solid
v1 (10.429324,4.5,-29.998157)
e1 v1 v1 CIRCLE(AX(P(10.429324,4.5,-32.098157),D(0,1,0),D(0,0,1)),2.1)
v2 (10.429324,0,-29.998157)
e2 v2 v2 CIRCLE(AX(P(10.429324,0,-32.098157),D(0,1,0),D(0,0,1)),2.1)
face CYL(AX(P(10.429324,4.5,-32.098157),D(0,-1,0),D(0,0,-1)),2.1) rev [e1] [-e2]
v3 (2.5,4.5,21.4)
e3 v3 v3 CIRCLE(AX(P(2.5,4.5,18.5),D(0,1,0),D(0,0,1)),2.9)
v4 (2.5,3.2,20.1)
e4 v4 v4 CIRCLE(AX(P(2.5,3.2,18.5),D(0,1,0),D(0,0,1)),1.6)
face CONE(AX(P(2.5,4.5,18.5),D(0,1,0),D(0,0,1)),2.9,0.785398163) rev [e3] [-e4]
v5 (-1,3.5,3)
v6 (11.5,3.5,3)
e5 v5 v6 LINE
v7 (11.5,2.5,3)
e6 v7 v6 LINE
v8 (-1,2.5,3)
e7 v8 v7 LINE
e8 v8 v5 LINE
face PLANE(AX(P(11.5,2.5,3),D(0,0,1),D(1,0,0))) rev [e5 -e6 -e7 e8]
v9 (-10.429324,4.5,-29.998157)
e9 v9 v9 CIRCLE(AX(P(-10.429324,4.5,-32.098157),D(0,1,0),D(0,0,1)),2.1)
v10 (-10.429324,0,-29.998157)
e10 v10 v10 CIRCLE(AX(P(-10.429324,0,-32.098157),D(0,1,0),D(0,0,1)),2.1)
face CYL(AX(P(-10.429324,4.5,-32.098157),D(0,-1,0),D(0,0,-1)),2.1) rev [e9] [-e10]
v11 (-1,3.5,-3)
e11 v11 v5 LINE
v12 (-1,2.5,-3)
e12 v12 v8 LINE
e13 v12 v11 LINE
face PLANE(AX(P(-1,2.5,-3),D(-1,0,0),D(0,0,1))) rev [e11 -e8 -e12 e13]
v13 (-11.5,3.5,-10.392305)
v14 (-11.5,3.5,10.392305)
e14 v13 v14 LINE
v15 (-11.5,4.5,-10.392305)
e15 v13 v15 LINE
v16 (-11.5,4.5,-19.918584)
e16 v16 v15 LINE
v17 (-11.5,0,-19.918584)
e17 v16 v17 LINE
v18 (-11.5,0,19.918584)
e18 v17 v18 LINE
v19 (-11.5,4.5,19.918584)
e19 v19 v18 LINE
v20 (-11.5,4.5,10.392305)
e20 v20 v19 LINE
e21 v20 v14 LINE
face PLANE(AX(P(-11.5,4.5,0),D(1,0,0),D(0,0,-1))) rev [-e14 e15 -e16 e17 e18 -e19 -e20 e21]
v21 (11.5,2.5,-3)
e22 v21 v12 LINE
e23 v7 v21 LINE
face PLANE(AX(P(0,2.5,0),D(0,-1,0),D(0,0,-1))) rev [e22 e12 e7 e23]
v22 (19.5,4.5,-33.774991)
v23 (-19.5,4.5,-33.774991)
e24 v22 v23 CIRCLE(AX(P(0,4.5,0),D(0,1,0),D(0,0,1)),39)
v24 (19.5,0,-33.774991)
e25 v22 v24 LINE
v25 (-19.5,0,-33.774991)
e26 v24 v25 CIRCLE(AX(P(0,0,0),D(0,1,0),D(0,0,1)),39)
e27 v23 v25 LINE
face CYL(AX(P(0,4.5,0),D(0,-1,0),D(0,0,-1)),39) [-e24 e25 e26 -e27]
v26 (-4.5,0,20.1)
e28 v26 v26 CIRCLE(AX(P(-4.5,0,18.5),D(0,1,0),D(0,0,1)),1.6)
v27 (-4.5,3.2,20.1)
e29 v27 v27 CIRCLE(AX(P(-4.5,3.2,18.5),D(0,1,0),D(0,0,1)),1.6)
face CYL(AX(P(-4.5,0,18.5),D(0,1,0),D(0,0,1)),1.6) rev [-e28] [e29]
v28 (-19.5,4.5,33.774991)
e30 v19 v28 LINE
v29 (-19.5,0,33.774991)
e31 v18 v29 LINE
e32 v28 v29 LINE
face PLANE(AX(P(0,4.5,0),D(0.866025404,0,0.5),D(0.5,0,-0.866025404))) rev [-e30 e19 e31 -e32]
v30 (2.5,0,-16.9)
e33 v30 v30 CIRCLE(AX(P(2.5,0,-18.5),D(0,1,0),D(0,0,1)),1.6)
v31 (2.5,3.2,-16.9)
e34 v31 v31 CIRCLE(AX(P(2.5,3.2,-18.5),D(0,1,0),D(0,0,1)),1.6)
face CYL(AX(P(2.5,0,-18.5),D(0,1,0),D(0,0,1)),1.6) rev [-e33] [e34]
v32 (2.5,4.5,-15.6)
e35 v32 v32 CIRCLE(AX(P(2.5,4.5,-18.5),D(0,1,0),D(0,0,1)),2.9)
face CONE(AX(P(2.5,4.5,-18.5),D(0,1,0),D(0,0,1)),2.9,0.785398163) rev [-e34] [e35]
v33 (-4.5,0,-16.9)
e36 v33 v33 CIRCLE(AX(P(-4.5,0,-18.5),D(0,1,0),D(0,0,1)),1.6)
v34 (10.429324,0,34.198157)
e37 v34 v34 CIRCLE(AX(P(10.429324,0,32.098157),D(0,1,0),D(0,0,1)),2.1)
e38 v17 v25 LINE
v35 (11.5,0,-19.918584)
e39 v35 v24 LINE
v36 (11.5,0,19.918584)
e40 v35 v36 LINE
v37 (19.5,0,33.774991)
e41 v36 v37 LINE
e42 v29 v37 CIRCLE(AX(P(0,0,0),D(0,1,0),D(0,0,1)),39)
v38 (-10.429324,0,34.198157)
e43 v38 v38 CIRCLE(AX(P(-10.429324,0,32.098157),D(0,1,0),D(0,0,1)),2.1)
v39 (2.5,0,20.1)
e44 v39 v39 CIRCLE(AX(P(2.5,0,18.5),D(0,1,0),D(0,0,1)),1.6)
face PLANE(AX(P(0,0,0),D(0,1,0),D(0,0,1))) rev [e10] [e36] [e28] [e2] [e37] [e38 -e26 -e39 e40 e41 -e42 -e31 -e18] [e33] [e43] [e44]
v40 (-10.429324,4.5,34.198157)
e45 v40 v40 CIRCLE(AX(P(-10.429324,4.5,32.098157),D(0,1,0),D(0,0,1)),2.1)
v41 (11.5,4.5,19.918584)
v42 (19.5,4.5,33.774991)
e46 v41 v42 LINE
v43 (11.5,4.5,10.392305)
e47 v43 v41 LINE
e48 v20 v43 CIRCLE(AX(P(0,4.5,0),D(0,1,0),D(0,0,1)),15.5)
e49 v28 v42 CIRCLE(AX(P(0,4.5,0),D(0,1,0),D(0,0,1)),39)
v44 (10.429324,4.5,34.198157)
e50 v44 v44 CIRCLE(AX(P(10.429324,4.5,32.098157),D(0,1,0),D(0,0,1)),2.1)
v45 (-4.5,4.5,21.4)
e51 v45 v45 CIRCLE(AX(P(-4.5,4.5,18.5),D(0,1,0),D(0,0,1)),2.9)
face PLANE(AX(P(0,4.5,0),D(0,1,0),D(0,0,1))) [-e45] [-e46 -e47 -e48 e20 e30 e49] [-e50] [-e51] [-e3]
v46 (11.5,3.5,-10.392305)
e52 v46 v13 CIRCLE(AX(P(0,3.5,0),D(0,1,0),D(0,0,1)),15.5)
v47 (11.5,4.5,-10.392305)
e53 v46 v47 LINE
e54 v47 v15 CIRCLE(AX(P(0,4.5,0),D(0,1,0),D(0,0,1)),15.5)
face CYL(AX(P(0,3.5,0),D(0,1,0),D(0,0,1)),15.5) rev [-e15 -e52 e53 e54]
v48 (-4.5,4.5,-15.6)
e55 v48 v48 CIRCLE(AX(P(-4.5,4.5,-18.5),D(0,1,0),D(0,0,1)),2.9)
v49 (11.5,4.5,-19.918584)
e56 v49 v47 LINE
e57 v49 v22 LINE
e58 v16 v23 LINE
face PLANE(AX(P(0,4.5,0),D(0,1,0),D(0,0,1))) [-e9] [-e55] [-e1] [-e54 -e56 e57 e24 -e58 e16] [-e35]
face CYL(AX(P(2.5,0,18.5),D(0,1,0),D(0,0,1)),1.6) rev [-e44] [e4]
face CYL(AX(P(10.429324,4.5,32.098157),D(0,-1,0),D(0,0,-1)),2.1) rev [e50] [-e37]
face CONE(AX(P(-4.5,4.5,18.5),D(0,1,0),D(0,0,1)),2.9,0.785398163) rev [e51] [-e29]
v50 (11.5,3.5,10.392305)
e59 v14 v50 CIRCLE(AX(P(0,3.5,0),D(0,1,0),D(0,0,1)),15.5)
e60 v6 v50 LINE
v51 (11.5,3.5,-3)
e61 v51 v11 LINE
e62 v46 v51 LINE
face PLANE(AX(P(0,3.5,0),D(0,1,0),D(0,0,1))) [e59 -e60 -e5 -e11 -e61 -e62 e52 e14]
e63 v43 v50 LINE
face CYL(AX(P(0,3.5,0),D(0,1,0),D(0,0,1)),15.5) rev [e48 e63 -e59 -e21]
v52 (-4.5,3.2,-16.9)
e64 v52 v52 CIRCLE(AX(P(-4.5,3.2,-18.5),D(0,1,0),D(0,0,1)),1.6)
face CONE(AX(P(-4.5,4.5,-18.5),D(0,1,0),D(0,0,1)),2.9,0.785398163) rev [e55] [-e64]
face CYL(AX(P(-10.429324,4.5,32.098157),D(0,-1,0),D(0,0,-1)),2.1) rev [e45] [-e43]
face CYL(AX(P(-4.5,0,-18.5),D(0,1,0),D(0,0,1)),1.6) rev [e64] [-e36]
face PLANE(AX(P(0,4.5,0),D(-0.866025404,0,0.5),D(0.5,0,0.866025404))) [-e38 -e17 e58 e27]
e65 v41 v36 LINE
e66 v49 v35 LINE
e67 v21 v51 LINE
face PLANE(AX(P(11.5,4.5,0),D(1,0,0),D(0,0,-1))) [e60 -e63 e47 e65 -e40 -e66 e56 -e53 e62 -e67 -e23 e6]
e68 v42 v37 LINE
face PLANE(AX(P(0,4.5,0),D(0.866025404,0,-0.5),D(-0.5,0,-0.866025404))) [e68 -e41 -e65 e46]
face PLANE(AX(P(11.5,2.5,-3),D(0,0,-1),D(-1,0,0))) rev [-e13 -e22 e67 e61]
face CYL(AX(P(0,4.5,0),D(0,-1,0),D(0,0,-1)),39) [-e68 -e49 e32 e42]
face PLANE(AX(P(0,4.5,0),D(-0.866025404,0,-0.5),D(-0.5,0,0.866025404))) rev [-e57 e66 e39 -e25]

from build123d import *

# Parameters (mm, degrees)
SKETCH1_R                                           = 2.1
BOSS_EXTRUDE1_DEPTH                                 = 4.5
SKETCH2_R                                           = 15.5
CUT_EXTRUDE1_DEPTH                                  = 1
SKETCH3_W                                           = 12.5
SKETCH3_H                                           = 6
CUT_EXTRUDE2_DEPTH                                  = 1
SKETCH4_R                                           = 1.6
CUT_EXTRUDE3_DEPTH                                  = 5.5
CSK_FOR_M4_COUNTERSUNK_FLAT_HEAD_SCREW1_D           = 3.2
CSK_FOR_M4_COUNTERSUNK_FLAT_HEAD_SCREW1_CSINK_D     = 5.8
CSK_FOR_M4_COUNTERSUNK_FLAT_HEAD_SCREW1_CSINK_ANGLE = 90


with BuildPart() as part:
    # Sketch1 → Boss-Extrude1 (new body)
    with BuildSketch(Plane(origin=(0, 0, 0), x_dir=(1, 0, 0), z_dir=(0, 1, 0))):
        with BuildLine():
            Line((11.5, -19.918584287), (0, 0))
            Line((0, 0), (-11.5, -19.918584287))
            Line((-11.5, -19.918584287), (-19.5, -33.774990748))
            ThreePointArc((-19.5, -33.774990748), (0, -39), (19.5, -33.774990748))
            Line((19.5, -33.774990748), (11.5, -19.918584287))
        make_face()
        with Locations((-10.42932356, -32.098157425)):
            Circle(SKETCH1_R, mode=Mode.SUBTRACT)
        with Locations((10.42932356, -32.098157425)):
            Circle(SKETCH1_R, mode=Mode.SUBTRACT)
        Polygon((11.5, 19.918584287), (0, 0), (11.5, -19.918584287), align=None)
        with BuildLine():
            Line((-11.5, 19.918584287), (0, 0))
            Line((0, 0), (11.5, 19.918584287))
            Line((11.5, 19.918584287), (19.5, 33.774990748))
            ThreePointArc((19.5, 33.774990748), (0, 39), (-19.5, 33.774990748))
            Line((-19.5, 33.774990748), (-11.5, 19.918584287))
        make_face()
        with Locations((-10.42932356, 32.098157425)):
            Circle(SKETCH1_R, mode=Mode.SUBTRACT)
        with Locations((10.42932356, 32.098157425)):
            Circle(SKETCH1_R, mode=Mode.SUBTRACT)
        Polygon((-11.5, -19.918584287), (0, 0), (-11.5, 19.918584287), align=None)
    extrude(amount=BOSS_EXTRUDE1_DEPTH)

    # Sketch2 → Cut-Extrude1 (cut)
    with BuildSketch(Plane(origin=(0, 4.5, 0), x_dir=(1, 0, 0), z_dir=(0, 1, 0))):
        Circle(SKETCH2_R)
    extrude(amount=-CUT_EXTRUDE1_DEPTH, mode=Mode.SUBTRACT)

    # Sketch3 → Cut-Extrude2 (cut)
    with BuildSketch(Plane(origin=(0, 3.5, 0), x_dir=(1, 0, 0), z_dir=(0, 1, 0))):
        with Locations((5.25, 0)):
            Rectangle(SKETCH3_W, SKETCH3_H)
    extrude(amount=-CUT_EXTRUDE2_DEPTH, mode=Mode.SUBTRACT)

    # Sketch4 → Cut-Extrude3 (cut, through all)
    with BuildSketch(Plane(origin=(0, 4.5, 0), x_dir=(1, 0, 0), z_dir=(0, 1, 0))):
        with Locations((-4.5, -18.5)):
            Circle(SKETCH4_R)
        with Locations((2.5, -18.5)):
            Circle(SKETCH4_R)
        with Locations((-4.5, 18.5)):
            Circle(SKETCH4_R)
        with Locations((2.5, 18.5)):
            Circle(SKETCH4_R)
    extrude(amount=-CUT_EXTRUDE3_DEPTH, mode=Mode.SUBTRACT)

    # CSK for M4 Countersunk Flat Head Screw1 (through all)
    with Locations(Plane(origin=(-4.5, 4.5, 18.5), x_dir=(0, 0, 1), z_dir=(0, 1, 0))):
        with Locations((0, 0), (0, 7), (-37, 0), (-37, 7)):
            CounterSinkHole(CSK_FOR_M4_COUNTERSUNK_FLAT_HEAD_SCREW1_D / 2, CSK_FOR_M4_COUNTERSUNK_FLAT_HEAD_SCREW1_CSINK_D / 2, counter_sink_angle=CSK_FOR_M4_COUNTERSUNK_FLAT_HEAD_SCREW1_CSINK_ANGLE)


solid = part.part
